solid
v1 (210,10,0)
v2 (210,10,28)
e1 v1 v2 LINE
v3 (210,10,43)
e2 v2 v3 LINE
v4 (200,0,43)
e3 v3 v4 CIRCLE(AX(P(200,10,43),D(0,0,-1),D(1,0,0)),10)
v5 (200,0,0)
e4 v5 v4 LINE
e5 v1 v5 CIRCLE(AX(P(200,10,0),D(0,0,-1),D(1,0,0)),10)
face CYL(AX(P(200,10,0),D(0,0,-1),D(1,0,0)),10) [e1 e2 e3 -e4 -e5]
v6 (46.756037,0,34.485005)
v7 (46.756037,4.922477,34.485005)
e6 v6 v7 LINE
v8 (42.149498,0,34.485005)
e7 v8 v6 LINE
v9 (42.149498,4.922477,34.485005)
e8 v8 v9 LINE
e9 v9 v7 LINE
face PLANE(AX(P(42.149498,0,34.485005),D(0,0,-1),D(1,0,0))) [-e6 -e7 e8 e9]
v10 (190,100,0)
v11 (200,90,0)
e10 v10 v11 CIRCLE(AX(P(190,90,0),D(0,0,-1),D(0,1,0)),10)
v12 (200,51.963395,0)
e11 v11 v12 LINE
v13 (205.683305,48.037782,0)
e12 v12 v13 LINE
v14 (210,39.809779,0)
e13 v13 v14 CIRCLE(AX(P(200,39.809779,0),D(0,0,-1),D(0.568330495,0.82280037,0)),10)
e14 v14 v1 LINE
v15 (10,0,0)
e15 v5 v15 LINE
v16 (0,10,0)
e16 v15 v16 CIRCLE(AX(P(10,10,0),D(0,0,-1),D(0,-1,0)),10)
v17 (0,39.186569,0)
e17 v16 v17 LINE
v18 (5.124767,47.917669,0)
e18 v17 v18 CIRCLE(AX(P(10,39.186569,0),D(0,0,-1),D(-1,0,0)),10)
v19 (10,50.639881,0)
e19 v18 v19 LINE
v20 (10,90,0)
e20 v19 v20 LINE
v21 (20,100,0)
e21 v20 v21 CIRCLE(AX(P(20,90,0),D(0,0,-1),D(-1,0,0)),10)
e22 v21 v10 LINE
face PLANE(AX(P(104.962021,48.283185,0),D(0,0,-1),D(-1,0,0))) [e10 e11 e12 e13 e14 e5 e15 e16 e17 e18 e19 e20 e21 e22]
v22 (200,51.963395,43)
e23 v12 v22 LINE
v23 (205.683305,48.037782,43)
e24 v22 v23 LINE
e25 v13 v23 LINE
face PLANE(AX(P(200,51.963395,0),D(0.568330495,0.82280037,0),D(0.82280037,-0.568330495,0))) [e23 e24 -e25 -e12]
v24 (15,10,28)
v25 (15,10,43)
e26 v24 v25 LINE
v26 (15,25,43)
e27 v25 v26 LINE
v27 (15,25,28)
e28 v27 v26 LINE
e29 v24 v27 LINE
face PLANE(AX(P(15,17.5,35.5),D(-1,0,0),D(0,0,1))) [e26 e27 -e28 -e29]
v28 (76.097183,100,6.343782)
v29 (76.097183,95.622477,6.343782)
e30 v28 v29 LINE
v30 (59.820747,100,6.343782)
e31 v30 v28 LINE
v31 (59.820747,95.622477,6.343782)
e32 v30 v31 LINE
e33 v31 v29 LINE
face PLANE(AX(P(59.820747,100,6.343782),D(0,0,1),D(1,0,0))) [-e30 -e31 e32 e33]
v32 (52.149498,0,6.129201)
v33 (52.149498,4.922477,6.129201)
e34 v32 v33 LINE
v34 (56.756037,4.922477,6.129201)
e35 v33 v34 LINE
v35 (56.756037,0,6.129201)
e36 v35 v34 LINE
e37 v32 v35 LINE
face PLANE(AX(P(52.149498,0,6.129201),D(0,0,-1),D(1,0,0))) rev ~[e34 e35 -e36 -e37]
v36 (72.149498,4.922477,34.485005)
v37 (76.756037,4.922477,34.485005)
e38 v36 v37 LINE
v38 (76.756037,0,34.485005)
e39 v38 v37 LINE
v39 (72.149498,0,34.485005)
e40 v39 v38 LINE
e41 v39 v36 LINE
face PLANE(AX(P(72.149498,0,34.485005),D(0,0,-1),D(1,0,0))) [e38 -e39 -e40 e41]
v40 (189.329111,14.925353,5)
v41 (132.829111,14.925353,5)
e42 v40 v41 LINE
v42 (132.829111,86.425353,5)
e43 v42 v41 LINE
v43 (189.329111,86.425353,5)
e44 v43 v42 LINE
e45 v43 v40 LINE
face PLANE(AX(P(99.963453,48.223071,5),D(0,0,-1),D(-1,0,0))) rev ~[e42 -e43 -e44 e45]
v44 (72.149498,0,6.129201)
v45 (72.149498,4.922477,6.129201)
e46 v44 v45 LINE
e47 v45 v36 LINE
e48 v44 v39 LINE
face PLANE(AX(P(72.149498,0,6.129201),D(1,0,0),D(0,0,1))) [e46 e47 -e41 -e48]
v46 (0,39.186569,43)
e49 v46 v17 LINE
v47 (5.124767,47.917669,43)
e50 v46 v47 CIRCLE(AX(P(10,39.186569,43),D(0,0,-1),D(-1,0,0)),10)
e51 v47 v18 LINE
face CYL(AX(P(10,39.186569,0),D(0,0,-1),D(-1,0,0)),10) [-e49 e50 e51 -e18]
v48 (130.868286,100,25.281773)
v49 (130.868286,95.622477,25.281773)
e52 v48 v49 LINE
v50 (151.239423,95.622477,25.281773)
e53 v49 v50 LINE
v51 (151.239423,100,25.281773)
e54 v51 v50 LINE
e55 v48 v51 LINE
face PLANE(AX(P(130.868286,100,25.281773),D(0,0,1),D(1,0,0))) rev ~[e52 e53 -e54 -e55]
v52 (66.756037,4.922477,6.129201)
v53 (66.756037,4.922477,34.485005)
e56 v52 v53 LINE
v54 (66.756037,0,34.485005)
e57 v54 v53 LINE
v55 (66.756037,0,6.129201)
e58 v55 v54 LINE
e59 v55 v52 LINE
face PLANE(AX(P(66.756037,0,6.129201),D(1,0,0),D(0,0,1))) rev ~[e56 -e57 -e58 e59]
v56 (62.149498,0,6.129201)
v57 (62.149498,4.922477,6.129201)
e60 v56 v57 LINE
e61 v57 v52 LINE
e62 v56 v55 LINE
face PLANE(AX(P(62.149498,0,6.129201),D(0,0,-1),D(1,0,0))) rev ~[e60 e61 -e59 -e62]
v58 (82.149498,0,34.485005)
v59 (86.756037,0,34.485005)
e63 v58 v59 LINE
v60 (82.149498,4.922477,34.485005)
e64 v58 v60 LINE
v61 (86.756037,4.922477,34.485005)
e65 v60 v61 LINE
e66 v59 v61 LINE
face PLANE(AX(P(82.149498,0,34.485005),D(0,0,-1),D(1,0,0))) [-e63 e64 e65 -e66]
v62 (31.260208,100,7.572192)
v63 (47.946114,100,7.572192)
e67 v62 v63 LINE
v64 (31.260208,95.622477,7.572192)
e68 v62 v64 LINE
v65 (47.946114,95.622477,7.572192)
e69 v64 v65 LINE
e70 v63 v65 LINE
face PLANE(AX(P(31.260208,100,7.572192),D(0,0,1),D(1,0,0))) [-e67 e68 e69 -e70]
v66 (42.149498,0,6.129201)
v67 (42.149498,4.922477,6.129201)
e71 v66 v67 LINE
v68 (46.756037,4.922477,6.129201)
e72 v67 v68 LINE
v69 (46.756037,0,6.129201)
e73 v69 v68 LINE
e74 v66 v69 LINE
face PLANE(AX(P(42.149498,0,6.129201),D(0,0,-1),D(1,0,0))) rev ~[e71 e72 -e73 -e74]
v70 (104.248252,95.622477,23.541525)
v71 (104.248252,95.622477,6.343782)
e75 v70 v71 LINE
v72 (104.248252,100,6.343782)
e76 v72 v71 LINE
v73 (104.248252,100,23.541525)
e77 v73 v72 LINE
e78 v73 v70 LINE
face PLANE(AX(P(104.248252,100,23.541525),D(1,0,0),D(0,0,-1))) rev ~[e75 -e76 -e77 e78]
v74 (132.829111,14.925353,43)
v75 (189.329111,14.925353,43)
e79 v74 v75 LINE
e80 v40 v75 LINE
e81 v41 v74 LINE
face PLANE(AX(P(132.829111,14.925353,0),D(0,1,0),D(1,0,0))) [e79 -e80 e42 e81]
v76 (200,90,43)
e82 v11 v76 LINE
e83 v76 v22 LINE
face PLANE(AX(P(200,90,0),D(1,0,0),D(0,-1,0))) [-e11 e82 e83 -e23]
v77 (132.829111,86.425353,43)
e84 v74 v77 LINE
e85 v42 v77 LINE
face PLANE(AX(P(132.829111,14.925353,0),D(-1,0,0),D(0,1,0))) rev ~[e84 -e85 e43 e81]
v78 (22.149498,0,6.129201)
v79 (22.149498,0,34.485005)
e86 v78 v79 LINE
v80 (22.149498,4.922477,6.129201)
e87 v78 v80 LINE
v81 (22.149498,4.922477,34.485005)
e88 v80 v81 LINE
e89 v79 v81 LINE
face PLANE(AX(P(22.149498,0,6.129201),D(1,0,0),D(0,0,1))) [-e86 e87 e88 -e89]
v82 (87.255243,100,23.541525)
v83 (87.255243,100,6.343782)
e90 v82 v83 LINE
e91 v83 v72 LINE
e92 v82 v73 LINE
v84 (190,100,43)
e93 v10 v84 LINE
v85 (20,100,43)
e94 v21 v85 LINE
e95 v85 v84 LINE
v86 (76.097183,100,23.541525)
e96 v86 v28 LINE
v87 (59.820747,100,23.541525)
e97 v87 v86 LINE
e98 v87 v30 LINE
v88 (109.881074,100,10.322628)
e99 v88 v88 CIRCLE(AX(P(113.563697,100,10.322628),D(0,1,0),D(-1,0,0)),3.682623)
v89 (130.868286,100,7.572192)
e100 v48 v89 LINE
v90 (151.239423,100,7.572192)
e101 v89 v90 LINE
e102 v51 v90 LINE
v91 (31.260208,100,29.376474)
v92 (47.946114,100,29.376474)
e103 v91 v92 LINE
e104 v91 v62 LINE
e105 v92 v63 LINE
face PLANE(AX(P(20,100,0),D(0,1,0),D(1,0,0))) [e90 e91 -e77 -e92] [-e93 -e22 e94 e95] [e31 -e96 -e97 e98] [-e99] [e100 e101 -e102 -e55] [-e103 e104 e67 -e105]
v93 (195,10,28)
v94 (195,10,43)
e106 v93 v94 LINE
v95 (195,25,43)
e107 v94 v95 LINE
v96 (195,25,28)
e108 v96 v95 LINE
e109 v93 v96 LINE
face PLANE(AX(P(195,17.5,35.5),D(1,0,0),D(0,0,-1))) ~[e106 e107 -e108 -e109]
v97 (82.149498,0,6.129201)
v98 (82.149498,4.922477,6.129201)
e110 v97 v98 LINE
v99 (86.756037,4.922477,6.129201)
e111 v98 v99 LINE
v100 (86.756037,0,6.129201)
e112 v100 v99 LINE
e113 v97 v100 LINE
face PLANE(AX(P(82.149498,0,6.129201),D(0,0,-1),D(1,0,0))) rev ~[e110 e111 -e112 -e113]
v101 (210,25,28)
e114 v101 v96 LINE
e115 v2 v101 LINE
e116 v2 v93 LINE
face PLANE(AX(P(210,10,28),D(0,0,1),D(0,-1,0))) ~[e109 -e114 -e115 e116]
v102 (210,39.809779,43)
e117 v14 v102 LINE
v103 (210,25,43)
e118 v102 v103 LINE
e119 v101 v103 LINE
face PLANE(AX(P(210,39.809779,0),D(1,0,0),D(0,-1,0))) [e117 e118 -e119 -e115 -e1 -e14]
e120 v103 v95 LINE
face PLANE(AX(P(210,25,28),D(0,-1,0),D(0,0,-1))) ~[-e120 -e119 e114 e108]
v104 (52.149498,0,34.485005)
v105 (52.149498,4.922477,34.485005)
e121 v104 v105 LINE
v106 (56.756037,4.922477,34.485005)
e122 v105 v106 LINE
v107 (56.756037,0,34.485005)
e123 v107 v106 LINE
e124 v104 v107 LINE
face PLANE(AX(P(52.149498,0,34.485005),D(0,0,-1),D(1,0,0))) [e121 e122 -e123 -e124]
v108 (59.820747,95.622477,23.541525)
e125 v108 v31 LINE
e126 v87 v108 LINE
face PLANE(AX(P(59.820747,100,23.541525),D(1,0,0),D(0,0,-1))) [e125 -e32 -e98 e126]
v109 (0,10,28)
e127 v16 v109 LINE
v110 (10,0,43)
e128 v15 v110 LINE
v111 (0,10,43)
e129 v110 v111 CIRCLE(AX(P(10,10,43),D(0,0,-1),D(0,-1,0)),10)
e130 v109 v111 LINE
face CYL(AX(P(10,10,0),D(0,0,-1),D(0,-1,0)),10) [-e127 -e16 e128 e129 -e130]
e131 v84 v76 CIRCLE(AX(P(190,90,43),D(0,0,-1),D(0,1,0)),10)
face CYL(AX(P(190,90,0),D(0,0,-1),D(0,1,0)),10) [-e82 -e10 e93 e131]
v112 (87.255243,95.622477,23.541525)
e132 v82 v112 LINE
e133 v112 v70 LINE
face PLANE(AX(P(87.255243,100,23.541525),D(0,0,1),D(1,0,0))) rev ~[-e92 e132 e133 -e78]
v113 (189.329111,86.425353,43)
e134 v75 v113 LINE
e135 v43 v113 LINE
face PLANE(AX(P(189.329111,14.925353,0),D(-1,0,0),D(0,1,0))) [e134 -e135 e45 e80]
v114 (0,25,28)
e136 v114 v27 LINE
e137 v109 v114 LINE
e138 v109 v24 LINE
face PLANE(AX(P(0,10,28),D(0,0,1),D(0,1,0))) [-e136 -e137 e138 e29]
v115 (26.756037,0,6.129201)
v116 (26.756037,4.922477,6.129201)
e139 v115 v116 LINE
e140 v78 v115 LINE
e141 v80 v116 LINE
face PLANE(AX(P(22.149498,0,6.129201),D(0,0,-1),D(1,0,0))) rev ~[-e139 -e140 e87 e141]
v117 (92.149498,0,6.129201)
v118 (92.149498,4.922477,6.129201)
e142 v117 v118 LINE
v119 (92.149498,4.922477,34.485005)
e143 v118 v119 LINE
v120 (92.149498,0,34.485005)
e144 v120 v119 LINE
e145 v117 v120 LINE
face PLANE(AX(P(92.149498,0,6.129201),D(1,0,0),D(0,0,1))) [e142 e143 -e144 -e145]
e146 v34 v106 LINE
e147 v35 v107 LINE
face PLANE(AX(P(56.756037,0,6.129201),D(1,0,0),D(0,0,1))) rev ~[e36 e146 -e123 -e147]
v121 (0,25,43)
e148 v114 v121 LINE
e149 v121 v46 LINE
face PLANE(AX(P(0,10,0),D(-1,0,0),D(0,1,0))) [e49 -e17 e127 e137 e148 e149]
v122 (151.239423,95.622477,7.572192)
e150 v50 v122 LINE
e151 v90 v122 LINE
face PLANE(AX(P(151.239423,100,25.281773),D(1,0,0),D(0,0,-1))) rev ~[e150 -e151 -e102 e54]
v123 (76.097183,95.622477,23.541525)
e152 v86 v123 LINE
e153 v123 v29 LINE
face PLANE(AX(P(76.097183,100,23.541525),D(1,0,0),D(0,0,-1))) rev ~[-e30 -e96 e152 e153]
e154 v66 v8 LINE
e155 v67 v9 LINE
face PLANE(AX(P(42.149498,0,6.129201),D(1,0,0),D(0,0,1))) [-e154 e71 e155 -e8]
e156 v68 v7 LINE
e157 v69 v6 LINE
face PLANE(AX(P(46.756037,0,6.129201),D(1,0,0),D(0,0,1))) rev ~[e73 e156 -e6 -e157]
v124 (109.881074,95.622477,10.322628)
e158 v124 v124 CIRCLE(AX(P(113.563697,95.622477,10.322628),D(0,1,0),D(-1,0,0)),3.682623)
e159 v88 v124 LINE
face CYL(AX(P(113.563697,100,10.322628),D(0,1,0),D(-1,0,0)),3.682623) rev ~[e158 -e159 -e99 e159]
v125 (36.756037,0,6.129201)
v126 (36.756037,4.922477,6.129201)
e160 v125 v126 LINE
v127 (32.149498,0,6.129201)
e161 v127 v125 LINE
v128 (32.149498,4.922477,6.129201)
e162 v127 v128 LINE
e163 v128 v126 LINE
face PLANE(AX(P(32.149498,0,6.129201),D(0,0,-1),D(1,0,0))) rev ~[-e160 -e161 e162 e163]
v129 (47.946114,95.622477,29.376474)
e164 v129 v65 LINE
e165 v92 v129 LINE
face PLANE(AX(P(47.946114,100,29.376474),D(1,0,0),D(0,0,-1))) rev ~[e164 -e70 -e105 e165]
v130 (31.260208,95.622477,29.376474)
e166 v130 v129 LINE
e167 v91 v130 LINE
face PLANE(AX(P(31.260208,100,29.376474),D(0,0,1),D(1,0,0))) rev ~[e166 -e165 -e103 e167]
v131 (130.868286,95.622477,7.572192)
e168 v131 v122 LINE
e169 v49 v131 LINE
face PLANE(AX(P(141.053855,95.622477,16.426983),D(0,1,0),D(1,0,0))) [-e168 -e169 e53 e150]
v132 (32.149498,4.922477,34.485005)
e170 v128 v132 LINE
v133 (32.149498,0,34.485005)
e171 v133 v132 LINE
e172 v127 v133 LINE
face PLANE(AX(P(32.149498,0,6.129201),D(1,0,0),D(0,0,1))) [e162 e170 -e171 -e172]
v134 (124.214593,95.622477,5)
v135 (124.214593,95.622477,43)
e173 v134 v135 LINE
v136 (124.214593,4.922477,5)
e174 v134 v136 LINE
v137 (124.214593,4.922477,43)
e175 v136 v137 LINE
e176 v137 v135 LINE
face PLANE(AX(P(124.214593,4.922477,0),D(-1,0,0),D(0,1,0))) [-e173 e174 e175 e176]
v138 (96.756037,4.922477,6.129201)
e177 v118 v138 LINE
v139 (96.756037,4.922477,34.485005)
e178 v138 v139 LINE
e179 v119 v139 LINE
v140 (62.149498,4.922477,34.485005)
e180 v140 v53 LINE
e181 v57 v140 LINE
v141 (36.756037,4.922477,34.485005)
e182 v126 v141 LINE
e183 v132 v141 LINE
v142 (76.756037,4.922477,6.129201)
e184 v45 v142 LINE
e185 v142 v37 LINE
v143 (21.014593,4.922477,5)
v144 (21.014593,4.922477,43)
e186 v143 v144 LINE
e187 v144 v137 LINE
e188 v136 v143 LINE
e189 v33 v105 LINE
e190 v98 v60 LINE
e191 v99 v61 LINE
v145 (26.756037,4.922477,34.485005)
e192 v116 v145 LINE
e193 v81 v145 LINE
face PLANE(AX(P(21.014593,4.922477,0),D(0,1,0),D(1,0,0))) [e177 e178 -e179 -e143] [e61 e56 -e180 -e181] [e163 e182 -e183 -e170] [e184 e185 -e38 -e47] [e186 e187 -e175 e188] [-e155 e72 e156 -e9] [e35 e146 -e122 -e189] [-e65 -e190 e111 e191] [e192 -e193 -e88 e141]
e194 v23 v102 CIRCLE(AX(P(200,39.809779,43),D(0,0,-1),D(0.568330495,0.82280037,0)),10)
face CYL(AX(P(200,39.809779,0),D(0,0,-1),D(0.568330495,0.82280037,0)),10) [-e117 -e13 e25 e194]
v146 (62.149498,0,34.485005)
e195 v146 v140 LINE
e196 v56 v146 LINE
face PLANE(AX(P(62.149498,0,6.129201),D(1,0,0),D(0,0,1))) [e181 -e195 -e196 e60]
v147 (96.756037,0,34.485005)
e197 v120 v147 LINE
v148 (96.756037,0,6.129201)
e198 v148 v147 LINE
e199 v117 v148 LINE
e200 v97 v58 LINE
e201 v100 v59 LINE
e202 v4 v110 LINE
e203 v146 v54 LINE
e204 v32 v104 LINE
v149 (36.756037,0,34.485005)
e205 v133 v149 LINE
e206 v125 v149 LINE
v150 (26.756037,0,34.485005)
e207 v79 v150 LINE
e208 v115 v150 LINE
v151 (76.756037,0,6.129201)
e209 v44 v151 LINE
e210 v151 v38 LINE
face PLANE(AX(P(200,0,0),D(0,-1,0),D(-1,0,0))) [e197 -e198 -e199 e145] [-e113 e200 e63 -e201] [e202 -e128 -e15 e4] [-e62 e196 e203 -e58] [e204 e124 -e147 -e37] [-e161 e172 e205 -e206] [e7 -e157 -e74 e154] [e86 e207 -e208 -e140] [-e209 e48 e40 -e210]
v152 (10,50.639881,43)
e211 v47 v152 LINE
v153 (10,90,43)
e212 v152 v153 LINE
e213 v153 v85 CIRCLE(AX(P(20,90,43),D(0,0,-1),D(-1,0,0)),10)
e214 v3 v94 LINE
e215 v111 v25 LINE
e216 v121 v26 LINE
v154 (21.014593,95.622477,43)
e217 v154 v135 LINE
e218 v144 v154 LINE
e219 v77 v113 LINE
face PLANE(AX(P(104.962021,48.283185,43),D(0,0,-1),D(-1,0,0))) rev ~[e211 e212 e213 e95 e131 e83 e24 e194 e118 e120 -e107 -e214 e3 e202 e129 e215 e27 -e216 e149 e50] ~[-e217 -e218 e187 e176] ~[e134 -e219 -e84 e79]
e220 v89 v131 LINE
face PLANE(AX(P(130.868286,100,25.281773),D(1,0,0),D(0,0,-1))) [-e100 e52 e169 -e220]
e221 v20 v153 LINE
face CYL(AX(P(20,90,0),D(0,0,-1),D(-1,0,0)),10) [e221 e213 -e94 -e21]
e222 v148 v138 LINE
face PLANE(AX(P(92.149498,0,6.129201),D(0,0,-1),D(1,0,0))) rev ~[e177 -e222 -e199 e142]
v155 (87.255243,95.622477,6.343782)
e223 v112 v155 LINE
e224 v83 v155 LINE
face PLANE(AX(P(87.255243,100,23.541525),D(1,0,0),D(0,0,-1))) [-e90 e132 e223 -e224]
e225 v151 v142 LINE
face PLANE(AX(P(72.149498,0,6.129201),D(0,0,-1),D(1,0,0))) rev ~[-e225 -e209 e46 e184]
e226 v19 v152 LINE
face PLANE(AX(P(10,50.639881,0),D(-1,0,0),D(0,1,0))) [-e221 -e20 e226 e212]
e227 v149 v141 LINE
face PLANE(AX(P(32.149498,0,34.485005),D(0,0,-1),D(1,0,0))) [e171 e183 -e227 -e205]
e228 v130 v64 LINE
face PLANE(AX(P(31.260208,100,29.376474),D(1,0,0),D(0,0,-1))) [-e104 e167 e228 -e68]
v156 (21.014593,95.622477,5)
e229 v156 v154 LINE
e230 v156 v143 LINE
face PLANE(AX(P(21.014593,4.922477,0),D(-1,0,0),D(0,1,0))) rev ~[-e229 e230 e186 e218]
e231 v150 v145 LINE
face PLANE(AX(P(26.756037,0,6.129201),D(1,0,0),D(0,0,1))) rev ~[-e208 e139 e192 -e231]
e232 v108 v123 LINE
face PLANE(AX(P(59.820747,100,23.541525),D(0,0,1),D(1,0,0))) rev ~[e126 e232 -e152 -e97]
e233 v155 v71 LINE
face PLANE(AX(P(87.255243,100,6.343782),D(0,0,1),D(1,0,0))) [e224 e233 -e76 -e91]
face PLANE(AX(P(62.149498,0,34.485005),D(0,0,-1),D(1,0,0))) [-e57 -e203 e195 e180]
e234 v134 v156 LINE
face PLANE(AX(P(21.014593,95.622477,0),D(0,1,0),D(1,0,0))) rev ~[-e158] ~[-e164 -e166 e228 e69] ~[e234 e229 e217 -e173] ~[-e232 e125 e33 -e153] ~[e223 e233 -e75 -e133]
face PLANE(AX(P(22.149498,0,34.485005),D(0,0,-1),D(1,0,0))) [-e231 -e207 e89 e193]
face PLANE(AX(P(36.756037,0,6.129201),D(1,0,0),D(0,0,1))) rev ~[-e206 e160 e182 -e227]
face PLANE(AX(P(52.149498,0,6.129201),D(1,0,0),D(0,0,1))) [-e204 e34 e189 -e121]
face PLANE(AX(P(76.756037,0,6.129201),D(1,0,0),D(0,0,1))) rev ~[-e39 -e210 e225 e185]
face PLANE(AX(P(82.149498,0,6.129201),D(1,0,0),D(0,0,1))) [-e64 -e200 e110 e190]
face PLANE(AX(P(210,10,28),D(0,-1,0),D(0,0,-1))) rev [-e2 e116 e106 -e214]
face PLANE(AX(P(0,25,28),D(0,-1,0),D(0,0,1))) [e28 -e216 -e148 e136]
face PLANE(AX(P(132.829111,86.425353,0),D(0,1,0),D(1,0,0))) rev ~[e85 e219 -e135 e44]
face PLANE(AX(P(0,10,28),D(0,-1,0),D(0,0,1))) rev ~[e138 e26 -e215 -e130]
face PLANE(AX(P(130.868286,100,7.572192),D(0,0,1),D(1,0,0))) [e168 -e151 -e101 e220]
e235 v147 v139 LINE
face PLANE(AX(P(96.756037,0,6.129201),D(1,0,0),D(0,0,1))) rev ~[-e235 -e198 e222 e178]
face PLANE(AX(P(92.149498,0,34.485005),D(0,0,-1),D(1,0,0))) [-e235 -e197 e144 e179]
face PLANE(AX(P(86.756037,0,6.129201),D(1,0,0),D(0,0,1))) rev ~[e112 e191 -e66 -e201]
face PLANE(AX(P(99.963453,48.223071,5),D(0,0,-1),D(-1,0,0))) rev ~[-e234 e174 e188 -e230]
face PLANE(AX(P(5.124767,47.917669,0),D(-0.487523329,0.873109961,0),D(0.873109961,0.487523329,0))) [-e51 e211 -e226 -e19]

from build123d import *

# Parameters (mm, degrees)
SKETCH_1_W          = 103.2
SKETCH_1_H          = 90.7
SKETCH_1_W_2        = 56.5
SKETCH_1_H_2        = 71.5
EXTRUDE_1_DEPTH     = 43
EXTRUDE_3_DEPTH     = 5
SKETCH_4_R          = 3.682623049
SKETCH_4_W          = 20.371137154
SKETCH_4_H          = 17.709581546
SKETCH_4_W_2        = 16.685906313
SKETCH_4_H_2        = 21.804282482
SKETCH_4_W_3        = 16.276436219
SKETCH_4_H_3        = 17.19774393
SKETCH_4_W_4        = 16.993008883
CUT_EXTRUDE_2_DEPTH = 4.377522815
SKETCH_5_W          = 4.606538552
SKETCH_5_H          = 28.355803979
CUT_EXTRUDE_3_DEPTH = 4.922477185
SKETCH_8_W          = 15
SKETCH_8_H          = 15
CUT_EXTRUDE_5_DEPTH = 15


with BuildPart() as part:
    # 草图1 → 凸台-拉伸1 (new body)
    with BuildSketch(Plane.XY):
        with BuildLine():
            Line((0, 10), (0, 39.186569494))
            ThreePointArc((0, 39.186569494), (1.375838219, 44.248568464), (5.124766715, 47.917669105))
            Line((5.124766715, 47.917669105), (10, 50.639880584))
            Line((10, 50.639880584), (10, 90))
            ThreePointArc((10, 90), (12.928932188, 97.071067812), (20, 100))
            Line((20, 100), (190, 100))
            ThreePointArc((190, 100), (197.071067812, 97.071067812), (200, 90))
            Line((200, 90), (200, 51.963395008))
            Line((200, 51.963395008), (205.683304945, 48.037782396))
            ThreePointArc((205.683304945, 48.037782396), (208.855310538, 44.455580593), (210, 39.809778695))
            Line((210, 39.809778695), (210, 10))
            ThreePointArc((210, 10), (207.071067812, 2.928932188), (200, 0))
            Line((200, 0), (10, 0))
            ThreePointArc((10, 0), (2.928932188, 2.928932188), (0, 10))
        make_face()
        with Locations((72.614593403, 50.272477185)):
            Rectangle(SKETCH_1_W, SKETCH_1_H, mode=Mode.SUBTRACT)
        with Locations((161.079111209, 50.675353005)):
            Rectangle(SKETCH_1_W_2, SKETCH_1_H_2, mode=Mode.SUBTRACT)
    extrude(amount=EXTRUDE_1_DEPTH)

    # 草图3 → 凸台-拉伸3 (add)
    with BuildSketch(Plane.XY):
        with BuildLine():
            Line((0, 10), (0, 39.186569494))
            ThreePointArc((0, 39.186569494), (1.375838219, 44.248568464), (5.124766715, 47.917669105))
            Line((5.124766715, 47.917669105), (10, 50.639880584))
            Line((10, 50.639880584), (10, 90))
            ThreePointArc((10, 90), (12.928932188, 97.071067812), (20, 100))
            Line((20, 100), (180, 100))
            ThreePointArc((180, 100), (187.071067812, 97.071067812), (190, 90))
            Line((190, 90), (190, 51.963395008))
            Line((190, 51.963395008), (195.683304945, 48.037782396))
            ThreePointArc((195.683304945, 48.037782396), (198.855310538, 44.455580593), (200, 39.809778695))
            Line((200, 39.809778695), (200, 10))
            ThreePointArc((200, 10), (197.071067812, 2.928932188), (190, 0))
            Line((190, 0), (10, 0))
            ThreePointArc((10, 0), (2.928932188, 2.928932188), (0, 10))
        make_face()
    extrude(amount=EXTRUDE_3_DEPTH)

    # 草图4 → 切除-拉伸2 (cut)
    with BuildSketch(Plane(origin=(0, 100, 0), x_dir=(1, 0, 0), z_dir=(0, 1, 0))):
        with Locations(Location((113.563696849, -10.32262821, 0), (0, 0, 180))):
            Circle(SKETCH_4_R)
        with Locations((141.053854619, -16.426982565)):
            Rectangle(SKETCH_4_W, SKETCH_4_H)
        with Locations((39.603161201, -18.474333033)):
            Rectangle(SKETCH_4_W_2, SKETCH_4_H_2)
        with Locations((67.958965179, -14.942653476)):
            Rectangle(SKETCH_4_W_3, SKETCH_4_H_3)
        with Locations((95.751747779, -14.942653476)):
            Rectangle(SKETCH_4_W_4, SKETCH_4_H_3)
    extrude(amount=-CUT_EXTRUDE_2_DEPTH, mode=Mode.SUBTRACT)

    # 草图5 → 切除-拉伸3 (cut)
    with BuildSketch(Plane.XZ):
        with Locations((34.452767739, 20.30710257)):
            Rectangle(SKETCH_5_W, SKETCH_5_H)
        with Locations((24.452767739, 20.30710257)):
            Rectangle(SKETCH_5_W, SKETCH_5_H)
        with Locations((44.452767739, 20.30710257)):
            Rectangle(SKETCH_5_W, SKETCH_5_H)
        with Locations((54.452767739, 20.30710257)):
            Rectangle(SKETCH_5_W, SKETCH_5_H)
        with Locations((64.452767739, 20.30710257)):
            Rectangle(SKETCH_5_W, SKETCH_5_H)
        with Locations((74.452767739, 20.30710257)):
            Rectangle(SKETCH_5_W, SKETCH_5_H)
        with Locations((84.452767739, 20.30710257)):
            Rectangle(SKETCH_5_W, SKETCH_5_H)
        with Locations((94.452767739, 20.30710257)):
            Rectangle(SKETCH_5_W, SKETCH_5_H)
    extrude(amount=-CUT_EXTRUDE_3_DEPTH, mode=Mode.SUBTRACT)

    # 草图8 → 切除-拉伸5 (cut)
    with BuildSketch(Plane.ZY):
        with Locations((35.5, 17.5)):
            Rectangle(SKETCH_8_W, SKETCH_8_H)
    cut_extrude_5 = extrude(amount=-CUT_EXTRUDE_5_DEPTH, mode=Mode.SUBTRACT)

    # 镜向1: 切除-拉伸5 across plane
    add(cut_extrude_5.mirror(Plane.ZY.offset(-105)), mode=Mode.SUBTRACT)


solid = part.part
